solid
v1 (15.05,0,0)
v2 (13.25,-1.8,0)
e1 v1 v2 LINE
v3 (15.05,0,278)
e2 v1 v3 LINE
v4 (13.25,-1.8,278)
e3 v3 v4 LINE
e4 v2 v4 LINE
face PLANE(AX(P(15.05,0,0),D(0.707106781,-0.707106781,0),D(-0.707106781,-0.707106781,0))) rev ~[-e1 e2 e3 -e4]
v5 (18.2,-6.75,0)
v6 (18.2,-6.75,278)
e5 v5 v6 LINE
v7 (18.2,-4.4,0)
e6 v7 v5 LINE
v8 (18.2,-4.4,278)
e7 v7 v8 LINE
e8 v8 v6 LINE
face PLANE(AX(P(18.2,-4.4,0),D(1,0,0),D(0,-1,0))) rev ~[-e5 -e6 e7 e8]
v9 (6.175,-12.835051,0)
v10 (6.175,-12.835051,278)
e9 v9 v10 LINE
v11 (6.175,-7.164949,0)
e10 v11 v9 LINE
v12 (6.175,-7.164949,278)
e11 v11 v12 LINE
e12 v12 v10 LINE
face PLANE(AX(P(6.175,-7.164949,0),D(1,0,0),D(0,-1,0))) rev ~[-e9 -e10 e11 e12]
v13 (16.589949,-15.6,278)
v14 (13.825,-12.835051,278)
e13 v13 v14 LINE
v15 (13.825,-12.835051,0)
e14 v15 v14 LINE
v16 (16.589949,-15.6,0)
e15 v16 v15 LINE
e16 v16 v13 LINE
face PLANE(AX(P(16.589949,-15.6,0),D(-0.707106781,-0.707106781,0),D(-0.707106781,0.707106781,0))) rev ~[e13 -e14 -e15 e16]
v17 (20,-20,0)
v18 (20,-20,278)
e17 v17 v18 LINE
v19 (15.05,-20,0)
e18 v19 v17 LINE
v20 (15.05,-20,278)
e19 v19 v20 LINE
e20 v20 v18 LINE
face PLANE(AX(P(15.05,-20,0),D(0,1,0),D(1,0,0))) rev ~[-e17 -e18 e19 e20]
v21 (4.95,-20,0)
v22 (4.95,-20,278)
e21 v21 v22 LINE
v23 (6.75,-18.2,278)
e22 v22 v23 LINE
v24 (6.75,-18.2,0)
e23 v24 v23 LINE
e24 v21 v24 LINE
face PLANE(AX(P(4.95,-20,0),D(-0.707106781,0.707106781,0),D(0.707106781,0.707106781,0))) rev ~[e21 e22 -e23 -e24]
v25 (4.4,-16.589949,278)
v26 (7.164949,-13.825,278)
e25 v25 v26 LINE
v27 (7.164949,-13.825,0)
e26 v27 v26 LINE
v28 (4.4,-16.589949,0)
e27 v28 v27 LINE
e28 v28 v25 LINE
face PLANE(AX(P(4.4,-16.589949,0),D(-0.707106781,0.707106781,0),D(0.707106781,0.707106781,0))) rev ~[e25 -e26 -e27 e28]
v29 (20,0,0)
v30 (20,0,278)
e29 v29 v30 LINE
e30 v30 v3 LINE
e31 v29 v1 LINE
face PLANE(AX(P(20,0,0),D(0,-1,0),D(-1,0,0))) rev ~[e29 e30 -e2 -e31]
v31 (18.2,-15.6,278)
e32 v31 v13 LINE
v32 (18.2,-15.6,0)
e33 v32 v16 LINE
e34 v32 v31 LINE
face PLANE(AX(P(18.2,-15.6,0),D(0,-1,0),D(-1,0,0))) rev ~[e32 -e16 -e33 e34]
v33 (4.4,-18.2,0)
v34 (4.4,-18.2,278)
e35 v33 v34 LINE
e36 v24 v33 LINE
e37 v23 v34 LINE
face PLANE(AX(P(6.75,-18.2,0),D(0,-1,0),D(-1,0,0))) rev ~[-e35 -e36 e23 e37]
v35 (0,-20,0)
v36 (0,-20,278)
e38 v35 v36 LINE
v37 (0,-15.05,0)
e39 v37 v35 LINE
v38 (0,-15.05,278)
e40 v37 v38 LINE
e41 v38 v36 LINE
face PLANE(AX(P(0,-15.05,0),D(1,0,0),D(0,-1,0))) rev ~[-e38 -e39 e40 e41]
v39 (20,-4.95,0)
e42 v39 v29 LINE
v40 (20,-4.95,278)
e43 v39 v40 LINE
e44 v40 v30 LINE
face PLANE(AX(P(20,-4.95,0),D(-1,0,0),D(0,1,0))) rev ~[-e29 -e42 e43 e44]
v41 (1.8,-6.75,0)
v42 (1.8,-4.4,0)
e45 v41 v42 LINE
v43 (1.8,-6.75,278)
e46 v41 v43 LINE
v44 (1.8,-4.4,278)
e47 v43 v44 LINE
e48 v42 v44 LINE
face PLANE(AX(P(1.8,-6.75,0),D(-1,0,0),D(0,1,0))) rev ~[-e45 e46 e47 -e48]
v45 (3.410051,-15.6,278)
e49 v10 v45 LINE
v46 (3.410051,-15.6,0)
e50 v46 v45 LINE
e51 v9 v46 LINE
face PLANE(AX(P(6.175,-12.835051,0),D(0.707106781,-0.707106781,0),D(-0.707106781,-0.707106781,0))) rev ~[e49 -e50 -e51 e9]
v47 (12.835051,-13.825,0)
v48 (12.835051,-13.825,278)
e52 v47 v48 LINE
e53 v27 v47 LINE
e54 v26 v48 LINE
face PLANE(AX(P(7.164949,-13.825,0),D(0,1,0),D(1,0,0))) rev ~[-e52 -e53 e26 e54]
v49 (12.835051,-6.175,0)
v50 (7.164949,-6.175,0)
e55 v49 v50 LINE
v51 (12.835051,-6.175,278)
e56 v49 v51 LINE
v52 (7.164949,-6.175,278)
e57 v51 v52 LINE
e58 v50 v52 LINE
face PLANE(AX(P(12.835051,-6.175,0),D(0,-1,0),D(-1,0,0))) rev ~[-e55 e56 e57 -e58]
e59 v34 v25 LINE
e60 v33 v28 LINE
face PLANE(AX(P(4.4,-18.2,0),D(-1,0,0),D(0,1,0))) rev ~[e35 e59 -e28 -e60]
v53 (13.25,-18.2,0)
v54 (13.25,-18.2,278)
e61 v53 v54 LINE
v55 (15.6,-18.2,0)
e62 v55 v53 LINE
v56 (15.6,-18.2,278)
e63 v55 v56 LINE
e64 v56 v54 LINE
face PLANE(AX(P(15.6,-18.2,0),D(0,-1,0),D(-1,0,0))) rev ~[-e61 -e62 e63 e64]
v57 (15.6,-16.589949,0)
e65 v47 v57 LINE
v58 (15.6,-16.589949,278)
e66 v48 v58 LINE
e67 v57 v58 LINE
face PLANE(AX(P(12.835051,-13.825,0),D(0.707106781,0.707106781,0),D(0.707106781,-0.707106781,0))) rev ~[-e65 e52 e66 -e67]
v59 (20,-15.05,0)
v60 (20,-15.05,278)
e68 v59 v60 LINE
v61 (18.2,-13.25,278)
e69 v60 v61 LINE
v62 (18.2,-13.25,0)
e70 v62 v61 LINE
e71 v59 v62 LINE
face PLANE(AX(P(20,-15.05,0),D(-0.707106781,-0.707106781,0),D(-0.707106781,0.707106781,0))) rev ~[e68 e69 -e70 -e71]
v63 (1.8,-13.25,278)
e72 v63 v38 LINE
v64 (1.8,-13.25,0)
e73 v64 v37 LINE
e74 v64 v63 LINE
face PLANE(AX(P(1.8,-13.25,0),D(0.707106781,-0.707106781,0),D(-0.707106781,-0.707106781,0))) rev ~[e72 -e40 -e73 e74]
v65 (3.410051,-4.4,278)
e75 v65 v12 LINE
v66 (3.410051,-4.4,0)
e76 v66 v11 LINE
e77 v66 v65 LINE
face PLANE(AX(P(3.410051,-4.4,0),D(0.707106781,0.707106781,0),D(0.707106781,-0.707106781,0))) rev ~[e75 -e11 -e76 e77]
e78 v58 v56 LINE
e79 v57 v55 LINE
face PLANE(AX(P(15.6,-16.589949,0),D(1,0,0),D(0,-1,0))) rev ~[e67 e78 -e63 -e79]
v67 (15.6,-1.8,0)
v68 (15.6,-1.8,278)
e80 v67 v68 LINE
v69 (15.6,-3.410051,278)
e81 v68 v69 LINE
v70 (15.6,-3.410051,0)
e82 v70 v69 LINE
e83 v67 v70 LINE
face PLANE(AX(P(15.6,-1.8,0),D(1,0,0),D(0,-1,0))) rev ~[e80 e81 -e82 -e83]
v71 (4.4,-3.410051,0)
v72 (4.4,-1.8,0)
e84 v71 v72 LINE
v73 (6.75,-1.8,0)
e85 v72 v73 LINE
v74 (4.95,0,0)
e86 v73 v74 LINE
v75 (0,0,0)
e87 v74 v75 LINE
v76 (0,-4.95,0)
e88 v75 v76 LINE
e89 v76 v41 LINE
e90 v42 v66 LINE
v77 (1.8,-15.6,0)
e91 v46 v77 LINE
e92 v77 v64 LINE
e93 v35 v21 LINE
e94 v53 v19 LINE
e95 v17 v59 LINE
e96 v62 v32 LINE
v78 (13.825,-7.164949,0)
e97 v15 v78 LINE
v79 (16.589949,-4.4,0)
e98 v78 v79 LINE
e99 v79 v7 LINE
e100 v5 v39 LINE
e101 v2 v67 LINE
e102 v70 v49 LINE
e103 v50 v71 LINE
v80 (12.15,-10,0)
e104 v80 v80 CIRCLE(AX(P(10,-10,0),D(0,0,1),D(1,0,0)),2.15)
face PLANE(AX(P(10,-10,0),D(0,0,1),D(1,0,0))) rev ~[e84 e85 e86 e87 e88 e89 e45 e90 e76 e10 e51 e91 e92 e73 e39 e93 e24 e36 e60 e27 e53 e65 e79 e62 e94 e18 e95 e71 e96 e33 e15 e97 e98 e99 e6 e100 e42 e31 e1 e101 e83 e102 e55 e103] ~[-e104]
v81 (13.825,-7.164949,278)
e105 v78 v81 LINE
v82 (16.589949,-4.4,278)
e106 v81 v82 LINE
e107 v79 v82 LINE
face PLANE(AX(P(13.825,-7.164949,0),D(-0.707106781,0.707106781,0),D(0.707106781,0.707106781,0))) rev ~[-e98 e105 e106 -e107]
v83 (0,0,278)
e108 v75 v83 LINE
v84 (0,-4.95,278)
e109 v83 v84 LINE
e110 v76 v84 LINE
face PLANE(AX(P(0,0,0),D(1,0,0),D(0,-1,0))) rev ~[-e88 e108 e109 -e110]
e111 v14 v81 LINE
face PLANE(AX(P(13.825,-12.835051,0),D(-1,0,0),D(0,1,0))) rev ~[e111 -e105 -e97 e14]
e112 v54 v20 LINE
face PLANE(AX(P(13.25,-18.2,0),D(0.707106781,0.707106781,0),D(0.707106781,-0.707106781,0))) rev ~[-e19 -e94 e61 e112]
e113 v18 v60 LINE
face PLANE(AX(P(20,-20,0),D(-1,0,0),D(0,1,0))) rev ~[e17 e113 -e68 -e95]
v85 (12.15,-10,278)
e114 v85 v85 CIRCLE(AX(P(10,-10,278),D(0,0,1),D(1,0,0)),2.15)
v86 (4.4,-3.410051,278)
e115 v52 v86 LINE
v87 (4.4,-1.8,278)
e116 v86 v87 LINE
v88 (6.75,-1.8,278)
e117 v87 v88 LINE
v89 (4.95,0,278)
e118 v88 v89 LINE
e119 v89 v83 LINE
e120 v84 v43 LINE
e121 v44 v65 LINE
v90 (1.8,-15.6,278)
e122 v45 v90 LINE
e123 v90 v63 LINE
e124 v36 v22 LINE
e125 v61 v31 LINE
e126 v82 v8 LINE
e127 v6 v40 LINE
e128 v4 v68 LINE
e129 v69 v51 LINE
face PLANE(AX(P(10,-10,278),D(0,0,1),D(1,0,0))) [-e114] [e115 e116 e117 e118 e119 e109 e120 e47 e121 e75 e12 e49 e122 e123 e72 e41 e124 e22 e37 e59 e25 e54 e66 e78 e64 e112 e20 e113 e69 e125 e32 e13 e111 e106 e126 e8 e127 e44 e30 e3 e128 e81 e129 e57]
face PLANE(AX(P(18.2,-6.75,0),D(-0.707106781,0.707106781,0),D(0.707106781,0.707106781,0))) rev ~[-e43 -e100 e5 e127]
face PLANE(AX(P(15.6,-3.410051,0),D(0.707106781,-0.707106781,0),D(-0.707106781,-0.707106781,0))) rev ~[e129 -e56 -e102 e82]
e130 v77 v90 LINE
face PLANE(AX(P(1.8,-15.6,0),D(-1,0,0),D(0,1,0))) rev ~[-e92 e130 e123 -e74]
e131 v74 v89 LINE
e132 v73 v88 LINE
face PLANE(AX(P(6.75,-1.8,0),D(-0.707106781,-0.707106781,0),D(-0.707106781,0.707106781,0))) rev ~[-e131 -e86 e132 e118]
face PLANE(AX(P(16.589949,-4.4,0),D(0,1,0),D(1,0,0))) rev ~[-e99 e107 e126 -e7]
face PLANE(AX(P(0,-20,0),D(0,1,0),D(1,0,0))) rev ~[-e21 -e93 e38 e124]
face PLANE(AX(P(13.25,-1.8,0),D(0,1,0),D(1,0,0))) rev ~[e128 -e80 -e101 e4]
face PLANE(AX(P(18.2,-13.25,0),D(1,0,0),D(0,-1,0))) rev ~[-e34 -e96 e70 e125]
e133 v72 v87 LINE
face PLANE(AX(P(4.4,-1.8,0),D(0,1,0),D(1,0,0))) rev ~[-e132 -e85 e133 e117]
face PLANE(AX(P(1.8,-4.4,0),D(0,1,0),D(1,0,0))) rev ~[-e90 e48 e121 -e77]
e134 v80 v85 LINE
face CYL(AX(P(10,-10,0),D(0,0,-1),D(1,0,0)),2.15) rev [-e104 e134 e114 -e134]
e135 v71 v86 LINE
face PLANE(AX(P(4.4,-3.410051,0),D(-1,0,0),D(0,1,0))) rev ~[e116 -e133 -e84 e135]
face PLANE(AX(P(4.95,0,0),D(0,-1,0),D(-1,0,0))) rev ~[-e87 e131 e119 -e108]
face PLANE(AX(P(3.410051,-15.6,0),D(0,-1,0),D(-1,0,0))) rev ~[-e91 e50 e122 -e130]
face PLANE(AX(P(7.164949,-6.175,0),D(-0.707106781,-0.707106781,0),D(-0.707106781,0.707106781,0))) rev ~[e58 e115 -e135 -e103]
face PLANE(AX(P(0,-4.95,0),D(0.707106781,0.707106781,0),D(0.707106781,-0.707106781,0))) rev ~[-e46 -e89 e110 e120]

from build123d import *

# Parameters (mm, degrees)
CROQUIS1_R              = 2.15
SALIENTE_EXTRUIR2_DEPTH = 278


with BuildPart() as part:
    # Croquis1 → Saliente-Extruir2 (new body)
    with BuildSketch(Plane.XY):
        Polygon((4.4, 0), (0, 0), (0, -0.56736664), (0, -4.4), (0, -4.95), (1.8, -6.75), (1.8, -4.4), (3.410050506, -4.4), (6.175, -7.164949494), (6.175, -12.835050506), (3.410050506, -15.6), (1.8, -15.6), (1.8, -13.25), (0, -15.05), (0, -15.6), (0, -20), (4.4, -20), (4.95, -20), (6.75, -18.2), (4.4, -18.2), (4.4, -16.589949494), (7.164949494, -13.825), (12.835050506, -13.825), (15.6, -16.589949494), (15.6, -18.2), (13.25, -18.2), (15.05, -20), (15.6, -20), (18.2, -20), (20, -20), (20, -15.6), (20, -15.05), (18.2, -13.25), (18.2, -15.6), (16.589949494, -15.6), (13.825, -12.835050506), (13.825, -7.164949494), (16.589949494, -4.4), (18.2, -4.4), (18.2, -6.75), (20, -4.95), (20, -4.4), (20, 0), (15.6, 0), (15.05, 0), (13.25, -1.8), (15.6, -1.8), (15.6, -3.410050506), (12.835050506, -6.175), (7.164949494, -6.175), (4.4, -3.410050506), (4.4, -1.8), (6.75, -1.8), (4.95, 0), align=None)
        with Locations((10, -10)):
            Circle(CROQUIS1_R, mode=Mode.SUBTRACT)
    extrude(amount=SALIENTE_EXTRUIR2_DEPTH)


solid = part.part
